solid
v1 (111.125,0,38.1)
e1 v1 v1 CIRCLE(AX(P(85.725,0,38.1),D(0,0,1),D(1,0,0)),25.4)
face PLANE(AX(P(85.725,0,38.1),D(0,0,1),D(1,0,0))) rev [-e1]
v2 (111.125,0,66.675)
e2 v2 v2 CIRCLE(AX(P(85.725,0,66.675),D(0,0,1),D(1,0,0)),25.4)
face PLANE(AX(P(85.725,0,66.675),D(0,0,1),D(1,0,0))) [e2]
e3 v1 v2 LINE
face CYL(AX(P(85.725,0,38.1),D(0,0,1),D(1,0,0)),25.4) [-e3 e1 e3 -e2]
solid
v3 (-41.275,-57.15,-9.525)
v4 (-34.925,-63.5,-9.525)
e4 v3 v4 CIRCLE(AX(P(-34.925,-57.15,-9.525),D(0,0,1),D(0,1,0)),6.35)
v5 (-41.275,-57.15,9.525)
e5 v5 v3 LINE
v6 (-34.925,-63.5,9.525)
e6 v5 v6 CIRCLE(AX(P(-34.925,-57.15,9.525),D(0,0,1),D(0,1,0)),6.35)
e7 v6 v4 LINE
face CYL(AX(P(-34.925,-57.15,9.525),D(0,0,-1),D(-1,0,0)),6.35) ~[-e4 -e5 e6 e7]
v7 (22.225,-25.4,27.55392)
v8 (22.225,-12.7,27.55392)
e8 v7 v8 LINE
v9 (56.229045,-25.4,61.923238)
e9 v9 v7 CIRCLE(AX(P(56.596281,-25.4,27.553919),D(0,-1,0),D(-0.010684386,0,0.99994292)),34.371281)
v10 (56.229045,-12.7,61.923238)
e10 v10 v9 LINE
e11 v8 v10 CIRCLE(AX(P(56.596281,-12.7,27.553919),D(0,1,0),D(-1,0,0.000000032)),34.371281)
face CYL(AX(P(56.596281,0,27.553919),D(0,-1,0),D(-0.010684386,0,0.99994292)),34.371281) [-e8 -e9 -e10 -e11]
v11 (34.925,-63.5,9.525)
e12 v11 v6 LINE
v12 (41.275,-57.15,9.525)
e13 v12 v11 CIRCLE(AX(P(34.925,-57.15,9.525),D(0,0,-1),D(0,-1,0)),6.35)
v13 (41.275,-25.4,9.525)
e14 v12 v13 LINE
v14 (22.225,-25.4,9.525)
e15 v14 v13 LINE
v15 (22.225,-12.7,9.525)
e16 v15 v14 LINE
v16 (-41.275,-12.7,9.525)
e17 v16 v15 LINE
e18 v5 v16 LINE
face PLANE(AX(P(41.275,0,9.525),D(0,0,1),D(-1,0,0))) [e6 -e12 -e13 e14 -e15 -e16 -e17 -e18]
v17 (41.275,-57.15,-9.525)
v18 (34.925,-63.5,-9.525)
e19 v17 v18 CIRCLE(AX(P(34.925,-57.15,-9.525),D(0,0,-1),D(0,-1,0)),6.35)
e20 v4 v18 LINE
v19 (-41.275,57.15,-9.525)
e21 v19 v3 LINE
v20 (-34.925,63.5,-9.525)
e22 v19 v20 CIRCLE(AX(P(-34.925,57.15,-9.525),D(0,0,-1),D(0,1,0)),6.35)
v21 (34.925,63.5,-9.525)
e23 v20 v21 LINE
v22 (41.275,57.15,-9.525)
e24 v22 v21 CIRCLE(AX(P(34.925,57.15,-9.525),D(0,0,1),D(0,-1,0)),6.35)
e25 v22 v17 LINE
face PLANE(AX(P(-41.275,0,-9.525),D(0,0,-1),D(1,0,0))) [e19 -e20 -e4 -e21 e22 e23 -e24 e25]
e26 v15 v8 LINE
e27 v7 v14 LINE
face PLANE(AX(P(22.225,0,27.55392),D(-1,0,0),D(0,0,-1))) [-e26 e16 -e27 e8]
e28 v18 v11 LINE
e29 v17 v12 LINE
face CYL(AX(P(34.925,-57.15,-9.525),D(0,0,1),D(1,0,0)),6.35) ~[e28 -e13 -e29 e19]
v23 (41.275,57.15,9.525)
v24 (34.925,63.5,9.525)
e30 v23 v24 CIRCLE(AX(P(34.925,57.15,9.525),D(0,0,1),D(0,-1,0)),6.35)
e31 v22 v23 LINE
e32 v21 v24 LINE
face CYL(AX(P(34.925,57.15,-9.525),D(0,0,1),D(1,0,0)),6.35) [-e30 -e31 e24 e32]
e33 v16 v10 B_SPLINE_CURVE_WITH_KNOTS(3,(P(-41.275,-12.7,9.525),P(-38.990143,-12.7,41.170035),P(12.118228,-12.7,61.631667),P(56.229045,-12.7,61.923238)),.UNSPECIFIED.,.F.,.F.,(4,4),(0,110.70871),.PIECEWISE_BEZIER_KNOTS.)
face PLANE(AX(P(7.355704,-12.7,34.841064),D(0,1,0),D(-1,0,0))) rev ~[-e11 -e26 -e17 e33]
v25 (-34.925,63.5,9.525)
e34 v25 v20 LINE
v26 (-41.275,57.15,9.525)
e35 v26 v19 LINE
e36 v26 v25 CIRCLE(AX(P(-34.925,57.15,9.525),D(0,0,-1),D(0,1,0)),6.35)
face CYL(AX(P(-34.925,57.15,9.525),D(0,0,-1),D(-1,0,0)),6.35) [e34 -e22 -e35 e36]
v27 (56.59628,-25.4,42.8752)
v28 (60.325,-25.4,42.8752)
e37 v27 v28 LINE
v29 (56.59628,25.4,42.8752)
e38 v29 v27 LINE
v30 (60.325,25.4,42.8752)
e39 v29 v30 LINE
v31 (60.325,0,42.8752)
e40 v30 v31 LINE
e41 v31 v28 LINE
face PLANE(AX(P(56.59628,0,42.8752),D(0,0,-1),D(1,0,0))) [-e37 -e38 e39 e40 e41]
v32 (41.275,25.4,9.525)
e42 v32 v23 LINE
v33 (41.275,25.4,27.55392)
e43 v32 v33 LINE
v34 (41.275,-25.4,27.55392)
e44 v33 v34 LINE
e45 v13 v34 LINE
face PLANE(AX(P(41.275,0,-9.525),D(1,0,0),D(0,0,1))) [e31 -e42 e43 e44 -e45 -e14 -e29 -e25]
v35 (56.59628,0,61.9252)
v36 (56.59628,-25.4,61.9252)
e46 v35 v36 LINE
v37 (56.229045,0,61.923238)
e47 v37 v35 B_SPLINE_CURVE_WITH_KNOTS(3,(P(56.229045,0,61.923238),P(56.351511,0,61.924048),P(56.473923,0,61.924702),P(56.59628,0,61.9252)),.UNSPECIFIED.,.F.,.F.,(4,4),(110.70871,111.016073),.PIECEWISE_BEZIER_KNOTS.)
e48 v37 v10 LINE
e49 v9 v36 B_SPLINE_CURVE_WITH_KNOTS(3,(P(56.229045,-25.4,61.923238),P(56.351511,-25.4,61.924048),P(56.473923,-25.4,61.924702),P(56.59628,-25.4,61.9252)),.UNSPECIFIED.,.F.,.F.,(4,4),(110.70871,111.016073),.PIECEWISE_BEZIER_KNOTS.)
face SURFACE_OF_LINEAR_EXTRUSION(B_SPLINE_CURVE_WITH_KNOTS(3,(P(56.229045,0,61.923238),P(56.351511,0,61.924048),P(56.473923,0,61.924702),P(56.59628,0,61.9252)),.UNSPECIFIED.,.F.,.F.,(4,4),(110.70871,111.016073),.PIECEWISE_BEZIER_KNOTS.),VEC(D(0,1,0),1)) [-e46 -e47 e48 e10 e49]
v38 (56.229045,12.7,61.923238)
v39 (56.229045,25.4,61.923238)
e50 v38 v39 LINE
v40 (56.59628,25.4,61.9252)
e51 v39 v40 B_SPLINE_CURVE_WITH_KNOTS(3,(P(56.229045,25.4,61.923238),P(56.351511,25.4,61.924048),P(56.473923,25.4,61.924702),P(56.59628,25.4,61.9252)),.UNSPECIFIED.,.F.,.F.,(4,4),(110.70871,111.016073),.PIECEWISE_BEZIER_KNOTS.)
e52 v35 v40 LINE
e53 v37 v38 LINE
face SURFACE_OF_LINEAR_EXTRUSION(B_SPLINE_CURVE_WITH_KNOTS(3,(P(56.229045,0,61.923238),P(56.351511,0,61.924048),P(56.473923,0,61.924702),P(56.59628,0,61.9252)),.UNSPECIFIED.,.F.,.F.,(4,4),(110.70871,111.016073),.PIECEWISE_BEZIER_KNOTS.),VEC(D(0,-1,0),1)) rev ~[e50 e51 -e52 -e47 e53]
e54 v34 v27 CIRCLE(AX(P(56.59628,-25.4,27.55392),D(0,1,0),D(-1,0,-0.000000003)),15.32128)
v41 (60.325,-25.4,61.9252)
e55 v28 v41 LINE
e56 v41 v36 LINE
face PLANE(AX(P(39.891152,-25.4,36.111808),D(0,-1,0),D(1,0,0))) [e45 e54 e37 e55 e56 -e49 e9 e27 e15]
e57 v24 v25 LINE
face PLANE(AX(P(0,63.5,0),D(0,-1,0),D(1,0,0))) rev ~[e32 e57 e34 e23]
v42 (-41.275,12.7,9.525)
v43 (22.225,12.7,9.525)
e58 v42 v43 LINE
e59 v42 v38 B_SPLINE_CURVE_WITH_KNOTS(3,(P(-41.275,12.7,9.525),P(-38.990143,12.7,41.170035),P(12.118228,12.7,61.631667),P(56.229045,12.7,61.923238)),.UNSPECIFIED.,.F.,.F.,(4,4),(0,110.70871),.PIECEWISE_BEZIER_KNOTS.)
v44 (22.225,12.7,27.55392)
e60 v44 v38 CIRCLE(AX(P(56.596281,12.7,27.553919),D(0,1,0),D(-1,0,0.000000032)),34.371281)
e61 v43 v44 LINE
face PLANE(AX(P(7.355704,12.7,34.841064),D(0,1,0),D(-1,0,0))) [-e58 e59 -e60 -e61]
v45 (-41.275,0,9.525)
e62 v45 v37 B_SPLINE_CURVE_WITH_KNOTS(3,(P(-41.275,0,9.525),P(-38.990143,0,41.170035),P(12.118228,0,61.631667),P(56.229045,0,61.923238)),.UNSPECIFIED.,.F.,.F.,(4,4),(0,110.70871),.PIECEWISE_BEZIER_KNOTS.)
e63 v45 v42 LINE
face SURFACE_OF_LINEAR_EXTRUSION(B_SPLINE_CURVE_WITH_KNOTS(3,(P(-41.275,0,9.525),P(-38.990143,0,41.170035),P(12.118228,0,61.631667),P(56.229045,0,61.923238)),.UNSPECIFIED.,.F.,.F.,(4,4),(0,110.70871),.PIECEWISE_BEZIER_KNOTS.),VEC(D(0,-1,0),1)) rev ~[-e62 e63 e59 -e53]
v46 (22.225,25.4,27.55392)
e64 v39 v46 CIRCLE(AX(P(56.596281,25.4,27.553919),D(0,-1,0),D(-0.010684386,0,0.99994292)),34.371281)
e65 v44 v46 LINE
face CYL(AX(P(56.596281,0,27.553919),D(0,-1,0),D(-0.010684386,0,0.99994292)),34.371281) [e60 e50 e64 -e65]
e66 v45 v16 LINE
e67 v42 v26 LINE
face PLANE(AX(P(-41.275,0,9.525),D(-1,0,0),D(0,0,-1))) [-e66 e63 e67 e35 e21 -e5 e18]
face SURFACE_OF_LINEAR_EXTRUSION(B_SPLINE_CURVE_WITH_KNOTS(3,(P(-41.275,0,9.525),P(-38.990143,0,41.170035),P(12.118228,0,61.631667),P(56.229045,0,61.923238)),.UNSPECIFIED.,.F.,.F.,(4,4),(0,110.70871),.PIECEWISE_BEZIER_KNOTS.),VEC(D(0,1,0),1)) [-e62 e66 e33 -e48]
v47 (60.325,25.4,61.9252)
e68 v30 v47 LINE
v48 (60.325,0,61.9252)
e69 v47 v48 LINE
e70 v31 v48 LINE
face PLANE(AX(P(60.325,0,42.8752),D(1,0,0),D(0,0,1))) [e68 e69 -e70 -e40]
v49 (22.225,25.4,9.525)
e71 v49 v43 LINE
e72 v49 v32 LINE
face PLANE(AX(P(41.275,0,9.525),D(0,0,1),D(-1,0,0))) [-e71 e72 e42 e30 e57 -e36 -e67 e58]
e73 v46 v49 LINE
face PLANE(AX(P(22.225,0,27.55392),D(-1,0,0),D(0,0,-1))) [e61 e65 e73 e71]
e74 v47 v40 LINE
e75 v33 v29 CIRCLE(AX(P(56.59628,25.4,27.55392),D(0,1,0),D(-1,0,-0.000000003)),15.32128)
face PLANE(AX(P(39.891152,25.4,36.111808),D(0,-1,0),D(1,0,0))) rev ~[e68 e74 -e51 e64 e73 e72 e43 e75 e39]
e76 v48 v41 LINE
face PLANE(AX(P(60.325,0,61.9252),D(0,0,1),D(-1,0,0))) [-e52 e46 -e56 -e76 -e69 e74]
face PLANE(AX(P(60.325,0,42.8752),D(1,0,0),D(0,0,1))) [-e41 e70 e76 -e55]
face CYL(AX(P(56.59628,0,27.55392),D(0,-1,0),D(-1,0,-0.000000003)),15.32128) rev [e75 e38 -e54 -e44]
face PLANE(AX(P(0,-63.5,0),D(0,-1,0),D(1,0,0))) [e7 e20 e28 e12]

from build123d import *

# Parameters (mm, degrees)
F1_DEPTH = 63.5
F2_DEPTH = 25.4
F3_DEPTH = 12.7
F5_R     = 6.35


with BuildPart() as f1:
    # F0 (on Front) → F1 (new body, symmetric)
    with BuildSketch(Plane.XZ):
        Polygon((22.225, 9.525), (-41.275, 9.525), (-41.275, -9.525), (41.275, -9.525), (41.275, 9.525), align=None)
    extrude(amount=F1_DEPTH, both=True)

    # F0 (on Front) → F2 (join, symmetric)
    with BuildSketch(Plane.XZ):
        with BuildLine():
            Line((22.225, 27.55392), (22.225, 9.525))
            Line((22.225, 9.525), (41.275, 9.525))
            Line((41.275, 9.525), (41.275, 27.55392))
            ThreePointArc((41.275, 27.55392), (45.762499, 38.387701), (56.59628, 42.8752))
            Line((56.59628, 42.8752), (60.325, 42.8752))
            Line((60.325, 42.8752), (60.325, 61.9252))
            Line((60.325, 61.9252), (56.59628, 61.9252))
            add(Edge.make_bspline(
                [(56.229045, 61.923238), (56.351511, 61.924048), (56.473923, 61.924702), (56.59628, 61.9252)],
                knots=[110.70871, 110.70871, 110.70871, 110.70871, 111.016073, 111.016073, 111.016073, 111.016073], degree=3))
            ThreePointArc((56.229045, 61.923238), (32.162623, 51.727899), (22.225, 27.55392))
        make_face()
    extrude(amount=F2_DEPTH, both=True)

    # F0 (on Front) → F3 (join, symmetric)
    with BuildSketch(Plane.XZ):
        with BuildLine():
            add(Edge.make_bspline(
                [(-41.275, 9.525), (-38.990143, 41.170035), (12.118228, 61.631667), (56.229045, 61.923238)],
                knots=[0, 0, 0, 0, 110.70871, 110.70871, 110.70871, 110.70871], degree=3))
            Line((-41.275, 9.525), (22.225, 9.525))
            Line((22.225, 9.525), (22.225, 27.55392))
            ThreePointArc((22.225, 27.55392), (32.162623, 51.727899), (56.229045, 61.923238))
        make_face()
    extrude(amount=F3_DEPTH, both=True)

    # F0 (on Front) → F4 (revolve)
    with BuildSketch(Plane.XZ):
        Polygon((85.725, 66.675), (85.725, 61.9252), (85.725, 42.8752), (85.725, 38.1), (111.125, 38.1), (111.125, 66.675), align=None)
    revolve(axis=Axis((85.725, 0, 52.3875), (0, 0, 1)))

    # F5
    f5_edges = [f1.edges().sort_by_distance(p)[0] for p in [
        (41.275, -63.5, 0),
        (-41.275, -63.5, 0),
        (41.275, 63.5, 0),
        (-41.275, 63.5, 0),
    ]]
    fillet(f5_edges, radius=F5_R)


solid = f1.part
